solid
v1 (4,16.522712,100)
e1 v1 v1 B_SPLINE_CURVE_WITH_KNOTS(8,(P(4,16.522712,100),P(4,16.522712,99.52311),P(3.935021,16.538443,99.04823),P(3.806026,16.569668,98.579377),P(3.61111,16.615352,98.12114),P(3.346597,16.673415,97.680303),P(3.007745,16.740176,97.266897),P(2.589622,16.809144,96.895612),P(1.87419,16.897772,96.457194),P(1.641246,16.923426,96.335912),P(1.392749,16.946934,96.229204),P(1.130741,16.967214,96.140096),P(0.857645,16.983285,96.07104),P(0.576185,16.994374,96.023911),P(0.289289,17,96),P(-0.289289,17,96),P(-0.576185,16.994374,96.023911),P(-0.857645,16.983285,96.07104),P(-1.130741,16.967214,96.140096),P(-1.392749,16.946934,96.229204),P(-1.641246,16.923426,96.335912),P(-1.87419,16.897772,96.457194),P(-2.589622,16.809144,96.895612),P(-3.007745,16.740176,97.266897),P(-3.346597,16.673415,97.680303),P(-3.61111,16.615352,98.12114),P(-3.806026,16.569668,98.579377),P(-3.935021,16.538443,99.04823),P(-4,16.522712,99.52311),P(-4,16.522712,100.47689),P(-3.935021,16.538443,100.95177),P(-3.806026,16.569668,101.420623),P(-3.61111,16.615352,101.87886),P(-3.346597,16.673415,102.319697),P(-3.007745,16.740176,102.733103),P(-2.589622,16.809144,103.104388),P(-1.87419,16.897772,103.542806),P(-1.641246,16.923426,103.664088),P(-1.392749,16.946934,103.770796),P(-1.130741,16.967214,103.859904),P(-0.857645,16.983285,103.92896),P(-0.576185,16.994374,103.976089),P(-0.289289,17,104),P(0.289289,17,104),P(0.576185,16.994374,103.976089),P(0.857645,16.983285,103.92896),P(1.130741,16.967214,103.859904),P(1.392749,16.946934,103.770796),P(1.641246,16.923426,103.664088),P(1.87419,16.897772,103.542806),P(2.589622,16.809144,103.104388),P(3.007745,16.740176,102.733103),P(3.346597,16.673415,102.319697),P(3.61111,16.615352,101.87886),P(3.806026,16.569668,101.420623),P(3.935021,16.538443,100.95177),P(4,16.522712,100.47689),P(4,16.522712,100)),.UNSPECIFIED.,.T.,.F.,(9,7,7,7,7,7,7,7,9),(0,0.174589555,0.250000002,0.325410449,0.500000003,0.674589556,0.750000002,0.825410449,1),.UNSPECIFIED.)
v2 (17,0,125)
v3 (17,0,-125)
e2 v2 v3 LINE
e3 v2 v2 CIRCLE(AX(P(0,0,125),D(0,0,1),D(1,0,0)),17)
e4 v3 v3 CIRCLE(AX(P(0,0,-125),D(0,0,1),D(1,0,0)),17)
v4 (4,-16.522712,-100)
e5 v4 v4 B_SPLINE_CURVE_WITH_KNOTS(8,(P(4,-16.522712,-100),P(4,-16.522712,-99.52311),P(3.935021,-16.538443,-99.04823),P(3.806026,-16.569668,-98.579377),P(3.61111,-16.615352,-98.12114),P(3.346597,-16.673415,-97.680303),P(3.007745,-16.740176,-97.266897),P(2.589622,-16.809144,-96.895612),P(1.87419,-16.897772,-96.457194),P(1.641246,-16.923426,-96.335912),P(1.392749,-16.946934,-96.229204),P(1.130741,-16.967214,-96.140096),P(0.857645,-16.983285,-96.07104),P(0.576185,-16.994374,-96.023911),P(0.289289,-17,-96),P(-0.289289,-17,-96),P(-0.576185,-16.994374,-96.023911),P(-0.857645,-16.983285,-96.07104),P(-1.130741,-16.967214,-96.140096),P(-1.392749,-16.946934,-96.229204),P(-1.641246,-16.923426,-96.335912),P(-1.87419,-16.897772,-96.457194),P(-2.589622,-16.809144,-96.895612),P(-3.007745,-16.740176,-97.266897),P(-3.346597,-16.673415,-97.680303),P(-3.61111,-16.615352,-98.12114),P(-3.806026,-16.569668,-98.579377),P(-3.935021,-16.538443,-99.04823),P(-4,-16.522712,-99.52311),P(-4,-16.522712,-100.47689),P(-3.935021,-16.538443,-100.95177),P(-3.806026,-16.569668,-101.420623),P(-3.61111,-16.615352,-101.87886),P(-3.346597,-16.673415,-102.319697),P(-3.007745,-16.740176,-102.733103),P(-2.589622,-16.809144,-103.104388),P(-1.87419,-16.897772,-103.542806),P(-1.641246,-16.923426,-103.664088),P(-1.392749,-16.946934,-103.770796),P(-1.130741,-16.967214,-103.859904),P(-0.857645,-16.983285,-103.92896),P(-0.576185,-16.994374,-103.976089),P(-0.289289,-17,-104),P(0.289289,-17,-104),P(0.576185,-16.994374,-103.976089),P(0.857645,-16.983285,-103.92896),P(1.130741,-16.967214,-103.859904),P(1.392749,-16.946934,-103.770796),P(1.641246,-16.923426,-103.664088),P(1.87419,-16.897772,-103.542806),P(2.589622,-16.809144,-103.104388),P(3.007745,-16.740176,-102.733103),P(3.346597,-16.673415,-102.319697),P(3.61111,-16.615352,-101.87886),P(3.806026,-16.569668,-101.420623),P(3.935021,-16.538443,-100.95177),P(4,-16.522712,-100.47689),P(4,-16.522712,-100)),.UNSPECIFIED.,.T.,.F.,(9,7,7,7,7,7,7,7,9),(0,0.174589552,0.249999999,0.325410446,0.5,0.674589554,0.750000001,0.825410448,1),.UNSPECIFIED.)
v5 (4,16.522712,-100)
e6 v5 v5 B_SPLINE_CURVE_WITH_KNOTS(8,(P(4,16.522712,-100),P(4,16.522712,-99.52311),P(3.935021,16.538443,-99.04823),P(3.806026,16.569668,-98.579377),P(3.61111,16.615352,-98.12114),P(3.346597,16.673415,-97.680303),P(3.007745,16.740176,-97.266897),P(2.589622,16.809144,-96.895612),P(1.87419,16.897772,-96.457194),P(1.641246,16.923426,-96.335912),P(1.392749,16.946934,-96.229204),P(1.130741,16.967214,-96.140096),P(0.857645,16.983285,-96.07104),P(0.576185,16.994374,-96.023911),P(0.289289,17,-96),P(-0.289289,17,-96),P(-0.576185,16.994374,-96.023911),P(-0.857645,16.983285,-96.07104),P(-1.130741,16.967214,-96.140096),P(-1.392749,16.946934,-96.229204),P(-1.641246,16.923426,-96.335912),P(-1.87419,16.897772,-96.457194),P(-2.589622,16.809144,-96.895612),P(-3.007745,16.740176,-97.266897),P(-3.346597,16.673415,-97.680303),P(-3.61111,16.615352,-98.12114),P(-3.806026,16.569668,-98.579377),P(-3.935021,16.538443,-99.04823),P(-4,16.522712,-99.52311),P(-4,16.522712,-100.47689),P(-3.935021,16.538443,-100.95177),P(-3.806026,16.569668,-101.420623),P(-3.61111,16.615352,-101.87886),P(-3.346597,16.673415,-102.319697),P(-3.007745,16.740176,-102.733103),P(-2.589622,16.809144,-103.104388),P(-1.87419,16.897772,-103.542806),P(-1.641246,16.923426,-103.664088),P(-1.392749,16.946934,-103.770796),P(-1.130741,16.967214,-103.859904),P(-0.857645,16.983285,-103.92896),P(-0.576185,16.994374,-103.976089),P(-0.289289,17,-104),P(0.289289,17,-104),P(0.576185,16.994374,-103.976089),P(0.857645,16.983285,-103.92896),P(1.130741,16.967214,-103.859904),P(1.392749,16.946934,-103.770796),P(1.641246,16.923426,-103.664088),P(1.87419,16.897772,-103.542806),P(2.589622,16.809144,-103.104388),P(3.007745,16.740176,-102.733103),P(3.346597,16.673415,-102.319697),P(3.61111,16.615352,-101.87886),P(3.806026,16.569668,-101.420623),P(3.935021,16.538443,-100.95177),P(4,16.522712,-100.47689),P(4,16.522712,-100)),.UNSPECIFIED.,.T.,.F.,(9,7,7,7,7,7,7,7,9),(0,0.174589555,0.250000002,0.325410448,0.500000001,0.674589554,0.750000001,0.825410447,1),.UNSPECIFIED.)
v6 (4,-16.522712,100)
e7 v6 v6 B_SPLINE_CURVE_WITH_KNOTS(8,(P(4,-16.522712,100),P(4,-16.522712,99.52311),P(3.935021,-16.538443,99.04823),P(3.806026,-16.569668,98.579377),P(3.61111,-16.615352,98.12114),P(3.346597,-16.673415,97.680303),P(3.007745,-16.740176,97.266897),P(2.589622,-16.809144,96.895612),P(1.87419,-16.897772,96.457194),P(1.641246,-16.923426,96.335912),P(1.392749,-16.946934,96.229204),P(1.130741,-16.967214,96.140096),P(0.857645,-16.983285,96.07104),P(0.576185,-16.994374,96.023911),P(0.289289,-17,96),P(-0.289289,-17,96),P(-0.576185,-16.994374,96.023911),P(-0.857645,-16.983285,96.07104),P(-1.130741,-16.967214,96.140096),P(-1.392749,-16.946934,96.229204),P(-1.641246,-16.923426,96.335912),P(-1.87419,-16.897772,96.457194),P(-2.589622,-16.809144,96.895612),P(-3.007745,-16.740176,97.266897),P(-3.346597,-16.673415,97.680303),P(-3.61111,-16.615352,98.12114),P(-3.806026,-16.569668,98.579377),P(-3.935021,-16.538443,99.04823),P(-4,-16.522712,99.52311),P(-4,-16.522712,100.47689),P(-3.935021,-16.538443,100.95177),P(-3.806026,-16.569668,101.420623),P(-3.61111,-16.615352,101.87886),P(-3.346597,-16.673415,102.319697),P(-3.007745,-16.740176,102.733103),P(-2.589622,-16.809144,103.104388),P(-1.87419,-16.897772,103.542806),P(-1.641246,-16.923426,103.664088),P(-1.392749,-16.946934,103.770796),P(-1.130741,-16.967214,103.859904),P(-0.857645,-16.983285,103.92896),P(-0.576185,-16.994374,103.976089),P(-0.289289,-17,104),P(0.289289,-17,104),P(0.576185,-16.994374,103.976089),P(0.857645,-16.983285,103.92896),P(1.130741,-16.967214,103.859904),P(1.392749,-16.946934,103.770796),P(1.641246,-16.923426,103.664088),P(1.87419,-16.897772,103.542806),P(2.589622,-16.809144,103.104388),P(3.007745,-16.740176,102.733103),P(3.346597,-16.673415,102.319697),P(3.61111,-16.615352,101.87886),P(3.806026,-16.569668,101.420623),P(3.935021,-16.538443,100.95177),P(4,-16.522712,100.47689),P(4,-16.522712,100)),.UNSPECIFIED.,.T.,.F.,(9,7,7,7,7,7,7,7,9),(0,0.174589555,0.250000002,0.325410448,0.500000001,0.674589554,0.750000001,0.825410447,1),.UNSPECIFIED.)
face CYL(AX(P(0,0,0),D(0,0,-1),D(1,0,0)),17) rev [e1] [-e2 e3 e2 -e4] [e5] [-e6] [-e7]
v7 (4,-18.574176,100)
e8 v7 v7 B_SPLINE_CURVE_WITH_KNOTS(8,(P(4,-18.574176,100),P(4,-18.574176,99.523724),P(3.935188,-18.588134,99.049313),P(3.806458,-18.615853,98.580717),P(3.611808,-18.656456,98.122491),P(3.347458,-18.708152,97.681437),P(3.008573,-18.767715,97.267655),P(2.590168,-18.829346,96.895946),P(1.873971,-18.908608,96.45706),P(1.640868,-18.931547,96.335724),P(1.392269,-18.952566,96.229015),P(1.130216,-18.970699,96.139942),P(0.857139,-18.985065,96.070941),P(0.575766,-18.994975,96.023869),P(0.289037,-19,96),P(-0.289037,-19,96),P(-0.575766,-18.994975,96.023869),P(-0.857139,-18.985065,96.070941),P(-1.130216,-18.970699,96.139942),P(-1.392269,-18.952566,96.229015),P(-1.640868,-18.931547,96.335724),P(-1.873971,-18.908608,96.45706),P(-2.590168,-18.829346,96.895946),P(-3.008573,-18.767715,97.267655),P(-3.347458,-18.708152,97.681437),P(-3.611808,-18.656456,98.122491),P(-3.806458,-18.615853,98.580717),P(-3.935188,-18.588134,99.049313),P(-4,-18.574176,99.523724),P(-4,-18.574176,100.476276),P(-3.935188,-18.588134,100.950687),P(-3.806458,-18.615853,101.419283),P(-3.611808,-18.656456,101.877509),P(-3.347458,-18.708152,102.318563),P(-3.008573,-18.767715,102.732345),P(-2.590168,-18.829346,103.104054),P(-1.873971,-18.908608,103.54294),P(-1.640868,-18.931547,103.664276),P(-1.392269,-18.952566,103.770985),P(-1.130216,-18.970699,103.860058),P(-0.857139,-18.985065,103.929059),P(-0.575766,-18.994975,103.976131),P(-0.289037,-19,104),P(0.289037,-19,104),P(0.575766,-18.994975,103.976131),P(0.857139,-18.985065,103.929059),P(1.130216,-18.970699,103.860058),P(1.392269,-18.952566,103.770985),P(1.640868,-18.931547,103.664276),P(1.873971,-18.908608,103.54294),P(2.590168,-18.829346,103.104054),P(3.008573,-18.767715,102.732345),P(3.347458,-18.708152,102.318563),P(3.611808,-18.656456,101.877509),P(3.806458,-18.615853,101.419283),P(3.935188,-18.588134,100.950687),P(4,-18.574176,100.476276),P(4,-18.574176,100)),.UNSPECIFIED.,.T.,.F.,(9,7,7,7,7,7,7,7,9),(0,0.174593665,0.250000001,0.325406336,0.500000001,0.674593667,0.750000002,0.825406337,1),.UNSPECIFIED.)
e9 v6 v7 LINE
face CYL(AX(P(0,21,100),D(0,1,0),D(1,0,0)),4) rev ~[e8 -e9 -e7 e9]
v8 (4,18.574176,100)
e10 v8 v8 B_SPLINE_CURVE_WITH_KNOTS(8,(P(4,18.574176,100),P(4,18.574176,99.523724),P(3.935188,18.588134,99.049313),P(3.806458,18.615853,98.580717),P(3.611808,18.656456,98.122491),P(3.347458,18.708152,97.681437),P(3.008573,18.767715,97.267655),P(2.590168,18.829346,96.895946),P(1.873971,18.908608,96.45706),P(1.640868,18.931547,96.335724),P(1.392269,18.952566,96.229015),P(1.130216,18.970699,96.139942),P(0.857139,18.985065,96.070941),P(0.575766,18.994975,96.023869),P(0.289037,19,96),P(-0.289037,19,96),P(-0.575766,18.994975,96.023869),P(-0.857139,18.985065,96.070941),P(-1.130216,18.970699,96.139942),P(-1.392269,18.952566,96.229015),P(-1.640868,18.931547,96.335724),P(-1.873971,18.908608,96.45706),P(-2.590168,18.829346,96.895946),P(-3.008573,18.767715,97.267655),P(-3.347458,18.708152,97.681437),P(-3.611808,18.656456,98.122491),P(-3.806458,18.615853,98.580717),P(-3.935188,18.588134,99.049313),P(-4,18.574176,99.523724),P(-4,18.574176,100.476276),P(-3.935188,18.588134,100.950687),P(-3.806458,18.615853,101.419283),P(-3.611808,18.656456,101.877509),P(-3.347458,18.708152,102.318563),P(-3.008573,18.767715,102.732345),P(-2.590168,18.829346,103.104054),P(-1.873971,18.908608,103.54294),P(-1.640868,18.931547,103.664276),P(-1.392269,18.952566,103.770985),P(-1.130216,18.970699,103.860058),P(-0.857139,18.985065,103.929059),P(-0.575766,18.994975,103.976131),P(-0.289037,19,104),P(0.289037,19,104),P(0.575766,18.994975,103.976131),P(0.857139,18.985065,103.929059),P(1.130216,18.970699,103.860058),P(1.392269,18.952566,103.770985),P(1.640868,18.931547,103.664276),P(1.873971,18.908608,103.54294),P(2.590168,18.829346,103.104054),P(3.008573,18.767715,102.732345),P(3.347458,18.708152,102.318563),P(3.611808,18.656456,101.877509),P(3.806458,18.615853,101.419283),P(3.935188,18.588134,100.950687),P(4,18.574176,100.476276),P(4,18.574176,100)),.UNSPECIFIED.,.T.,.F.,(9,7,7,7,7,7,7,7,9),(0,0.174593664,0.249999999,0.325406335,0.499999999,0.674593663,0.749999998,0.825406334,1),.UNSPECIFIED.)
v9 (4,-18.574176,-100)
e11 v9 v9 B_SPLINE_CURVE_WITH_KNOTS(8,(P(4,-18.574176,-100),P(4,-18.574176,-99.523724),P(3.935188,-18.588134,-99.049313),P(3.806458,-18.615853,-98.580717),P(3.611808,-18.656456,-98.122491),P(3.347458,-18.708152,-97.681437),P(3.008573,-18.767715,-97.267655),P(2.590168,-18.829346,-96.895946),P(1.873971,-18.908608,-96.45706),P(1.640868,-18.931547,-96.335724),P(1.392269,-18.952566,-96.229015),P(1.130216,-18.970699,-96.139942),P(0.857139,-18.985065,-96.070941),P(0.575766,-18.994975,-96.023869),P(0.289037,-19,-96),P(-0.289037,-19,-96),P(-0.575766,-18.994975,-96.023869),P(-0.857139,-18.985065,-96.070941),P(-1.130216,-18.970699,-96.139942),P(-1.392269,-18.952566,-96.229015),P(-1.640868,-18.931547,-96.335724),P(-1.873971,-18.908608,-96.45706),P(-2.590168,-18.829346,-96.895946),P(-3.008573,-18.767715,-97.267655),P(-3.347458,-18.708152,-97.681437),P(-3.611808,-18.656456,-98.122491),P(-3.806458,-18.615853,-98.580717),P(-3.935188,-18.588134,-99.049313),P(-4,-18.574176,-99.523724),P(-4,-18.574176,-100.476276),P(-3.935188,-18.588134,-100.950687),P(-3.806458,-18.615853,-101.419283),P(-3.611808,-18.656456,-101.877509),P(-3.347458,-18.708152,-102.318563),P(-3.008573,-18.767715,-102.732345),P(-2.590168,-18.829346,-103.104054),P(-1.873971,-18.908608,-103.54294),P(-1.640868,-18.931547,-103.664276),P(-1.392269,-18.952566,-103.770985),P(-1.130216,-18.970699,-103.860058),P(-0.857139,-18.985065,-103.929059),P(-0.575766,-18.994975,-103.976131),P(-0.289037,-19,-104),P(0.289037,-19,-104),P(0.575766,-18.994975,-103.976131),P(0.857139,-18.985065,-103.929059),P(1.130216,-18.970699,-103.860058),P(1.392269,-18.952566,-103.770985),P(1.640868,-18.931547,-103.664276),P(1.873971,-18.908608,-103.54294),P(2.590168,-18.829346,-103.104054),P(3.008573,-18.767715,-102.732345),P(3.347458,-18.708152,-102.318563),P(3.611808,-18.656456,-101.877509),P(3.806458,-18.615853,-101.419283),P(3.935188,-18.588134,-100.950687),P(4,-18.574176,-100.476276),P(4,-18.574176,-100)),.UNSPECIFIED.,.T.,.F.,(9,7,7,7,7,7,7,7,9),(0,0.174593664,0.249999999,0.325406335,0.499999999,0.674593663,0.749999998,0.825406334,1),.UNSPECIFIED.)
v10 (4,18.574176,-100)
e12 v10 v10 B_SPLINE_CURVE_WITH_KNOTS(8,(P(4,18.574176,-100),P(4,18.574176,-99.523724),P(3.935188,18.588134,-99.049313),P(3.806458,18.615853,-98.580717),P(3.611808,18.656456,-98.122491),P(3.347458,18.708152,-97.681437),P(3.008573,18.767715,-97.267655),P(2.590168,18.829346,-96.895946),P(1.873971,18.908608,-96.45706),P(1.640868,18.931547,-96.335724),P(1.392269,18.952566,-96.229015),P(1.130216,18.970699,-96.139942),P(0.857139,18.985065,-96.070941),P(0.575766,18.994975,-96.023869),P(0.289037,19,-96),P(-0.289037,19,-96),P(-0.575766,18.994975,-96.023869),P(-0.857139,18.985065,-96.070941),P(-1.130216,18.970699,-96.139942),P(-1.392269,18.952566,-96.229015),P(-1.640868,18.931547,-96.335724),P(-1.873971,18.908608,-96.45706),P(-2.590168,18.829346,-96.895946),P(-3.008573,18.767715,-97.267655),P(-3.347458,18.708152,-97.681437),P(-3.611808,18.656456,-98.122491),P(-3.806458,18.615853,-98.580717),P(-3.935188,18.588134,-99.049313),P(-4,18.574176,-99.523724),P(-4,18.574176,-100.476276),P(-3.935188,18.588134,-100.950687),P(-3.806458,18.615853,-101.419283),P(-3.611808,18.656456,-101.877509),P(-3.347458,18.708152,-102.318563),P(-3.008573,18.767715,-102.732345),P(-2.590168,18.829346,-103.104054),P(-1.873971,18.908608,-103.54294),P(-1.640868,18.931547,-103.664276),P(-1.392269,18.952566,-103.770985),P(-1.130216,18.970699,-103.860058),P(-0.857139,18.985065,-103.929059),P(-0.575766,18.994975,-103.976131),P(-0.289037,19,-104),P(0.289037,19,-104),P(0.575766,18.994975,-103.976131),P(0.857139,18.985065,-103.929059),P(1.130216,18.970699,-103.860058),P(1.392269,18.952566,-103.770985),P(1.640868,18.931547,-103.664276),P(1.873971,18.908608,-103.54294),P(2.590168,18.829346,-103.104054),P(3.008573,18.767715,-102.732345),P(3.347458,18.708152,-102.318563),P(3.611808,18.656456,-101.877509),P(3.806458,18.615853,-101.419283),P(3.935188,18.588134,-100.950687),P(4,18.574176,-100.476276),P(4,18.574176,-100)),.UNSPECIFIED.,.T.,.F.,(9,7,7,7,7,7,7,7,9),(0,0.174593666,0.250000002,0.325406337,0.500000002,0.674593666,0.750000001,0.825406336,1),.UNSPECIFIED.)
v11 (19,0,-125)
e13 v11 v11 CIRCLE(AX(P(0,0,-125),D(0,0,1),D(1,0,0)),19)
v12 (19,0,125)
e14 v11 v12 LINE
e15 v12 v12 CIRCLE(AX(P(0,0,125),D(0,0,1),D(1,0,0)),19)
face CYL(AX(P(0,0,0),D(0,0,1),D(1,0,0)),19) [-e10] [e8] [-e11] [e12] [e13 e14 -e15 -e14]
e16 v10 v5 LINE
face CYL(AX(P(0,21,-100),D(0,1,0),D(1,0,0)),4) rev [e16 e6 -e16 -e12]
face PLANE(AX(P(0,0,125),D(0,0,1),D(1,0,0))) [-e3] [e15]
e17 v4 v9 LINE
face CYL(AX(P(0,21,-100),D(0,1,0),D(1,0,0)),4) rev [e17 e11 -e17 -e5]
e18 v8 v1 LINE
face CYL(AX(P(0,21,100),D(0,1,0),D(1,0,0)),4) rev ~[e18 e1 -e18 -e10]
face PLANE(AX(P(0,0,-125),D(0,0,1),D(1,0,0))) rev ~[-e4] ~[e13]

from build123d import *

# Parameters (mm, degrees)
SKETCH1_R           = 19
SKETCH1_R_2         = 17
BOSS_EXTRUDE1_DEPTH = 125
SKETCH4_R           = 4
CUT_EXTRUDE3_DEPTH  = 41


with BuildPart() as part:
    # Sketch1 → Boss-Extrude1 (new body, symmetric)
    with BuildSketch(Plane.XY):
        Circle(SKETCH1_R)
        Circle(SKETCH1_R_2, mode=Mode.SUBTRACT)
    extrude(amount=BOSS_EXTRUDE1_DEPTH, both=True)

    # Sketch4 → Cut-Extrude3 (cut, through all)
    with BuildSketch(Plane(origin=(0, 21, 0), x_dir=(1, 0, 0), z_dir=(0, 1, 0))):
        with Locations((0, -100)):
            Circle(SKETCH4_R)
    cut_extrude3 = extrude(amount=-CUT_EXTRUDE3_DEPTH, mode=Mode.SUBTRACT)

    # Mirror1: Cut-Extrude3 across plane
    add(cut_extrude3.mirror(Plane.XY), mode=Mode.SUBTRACT)


solid = part.part
